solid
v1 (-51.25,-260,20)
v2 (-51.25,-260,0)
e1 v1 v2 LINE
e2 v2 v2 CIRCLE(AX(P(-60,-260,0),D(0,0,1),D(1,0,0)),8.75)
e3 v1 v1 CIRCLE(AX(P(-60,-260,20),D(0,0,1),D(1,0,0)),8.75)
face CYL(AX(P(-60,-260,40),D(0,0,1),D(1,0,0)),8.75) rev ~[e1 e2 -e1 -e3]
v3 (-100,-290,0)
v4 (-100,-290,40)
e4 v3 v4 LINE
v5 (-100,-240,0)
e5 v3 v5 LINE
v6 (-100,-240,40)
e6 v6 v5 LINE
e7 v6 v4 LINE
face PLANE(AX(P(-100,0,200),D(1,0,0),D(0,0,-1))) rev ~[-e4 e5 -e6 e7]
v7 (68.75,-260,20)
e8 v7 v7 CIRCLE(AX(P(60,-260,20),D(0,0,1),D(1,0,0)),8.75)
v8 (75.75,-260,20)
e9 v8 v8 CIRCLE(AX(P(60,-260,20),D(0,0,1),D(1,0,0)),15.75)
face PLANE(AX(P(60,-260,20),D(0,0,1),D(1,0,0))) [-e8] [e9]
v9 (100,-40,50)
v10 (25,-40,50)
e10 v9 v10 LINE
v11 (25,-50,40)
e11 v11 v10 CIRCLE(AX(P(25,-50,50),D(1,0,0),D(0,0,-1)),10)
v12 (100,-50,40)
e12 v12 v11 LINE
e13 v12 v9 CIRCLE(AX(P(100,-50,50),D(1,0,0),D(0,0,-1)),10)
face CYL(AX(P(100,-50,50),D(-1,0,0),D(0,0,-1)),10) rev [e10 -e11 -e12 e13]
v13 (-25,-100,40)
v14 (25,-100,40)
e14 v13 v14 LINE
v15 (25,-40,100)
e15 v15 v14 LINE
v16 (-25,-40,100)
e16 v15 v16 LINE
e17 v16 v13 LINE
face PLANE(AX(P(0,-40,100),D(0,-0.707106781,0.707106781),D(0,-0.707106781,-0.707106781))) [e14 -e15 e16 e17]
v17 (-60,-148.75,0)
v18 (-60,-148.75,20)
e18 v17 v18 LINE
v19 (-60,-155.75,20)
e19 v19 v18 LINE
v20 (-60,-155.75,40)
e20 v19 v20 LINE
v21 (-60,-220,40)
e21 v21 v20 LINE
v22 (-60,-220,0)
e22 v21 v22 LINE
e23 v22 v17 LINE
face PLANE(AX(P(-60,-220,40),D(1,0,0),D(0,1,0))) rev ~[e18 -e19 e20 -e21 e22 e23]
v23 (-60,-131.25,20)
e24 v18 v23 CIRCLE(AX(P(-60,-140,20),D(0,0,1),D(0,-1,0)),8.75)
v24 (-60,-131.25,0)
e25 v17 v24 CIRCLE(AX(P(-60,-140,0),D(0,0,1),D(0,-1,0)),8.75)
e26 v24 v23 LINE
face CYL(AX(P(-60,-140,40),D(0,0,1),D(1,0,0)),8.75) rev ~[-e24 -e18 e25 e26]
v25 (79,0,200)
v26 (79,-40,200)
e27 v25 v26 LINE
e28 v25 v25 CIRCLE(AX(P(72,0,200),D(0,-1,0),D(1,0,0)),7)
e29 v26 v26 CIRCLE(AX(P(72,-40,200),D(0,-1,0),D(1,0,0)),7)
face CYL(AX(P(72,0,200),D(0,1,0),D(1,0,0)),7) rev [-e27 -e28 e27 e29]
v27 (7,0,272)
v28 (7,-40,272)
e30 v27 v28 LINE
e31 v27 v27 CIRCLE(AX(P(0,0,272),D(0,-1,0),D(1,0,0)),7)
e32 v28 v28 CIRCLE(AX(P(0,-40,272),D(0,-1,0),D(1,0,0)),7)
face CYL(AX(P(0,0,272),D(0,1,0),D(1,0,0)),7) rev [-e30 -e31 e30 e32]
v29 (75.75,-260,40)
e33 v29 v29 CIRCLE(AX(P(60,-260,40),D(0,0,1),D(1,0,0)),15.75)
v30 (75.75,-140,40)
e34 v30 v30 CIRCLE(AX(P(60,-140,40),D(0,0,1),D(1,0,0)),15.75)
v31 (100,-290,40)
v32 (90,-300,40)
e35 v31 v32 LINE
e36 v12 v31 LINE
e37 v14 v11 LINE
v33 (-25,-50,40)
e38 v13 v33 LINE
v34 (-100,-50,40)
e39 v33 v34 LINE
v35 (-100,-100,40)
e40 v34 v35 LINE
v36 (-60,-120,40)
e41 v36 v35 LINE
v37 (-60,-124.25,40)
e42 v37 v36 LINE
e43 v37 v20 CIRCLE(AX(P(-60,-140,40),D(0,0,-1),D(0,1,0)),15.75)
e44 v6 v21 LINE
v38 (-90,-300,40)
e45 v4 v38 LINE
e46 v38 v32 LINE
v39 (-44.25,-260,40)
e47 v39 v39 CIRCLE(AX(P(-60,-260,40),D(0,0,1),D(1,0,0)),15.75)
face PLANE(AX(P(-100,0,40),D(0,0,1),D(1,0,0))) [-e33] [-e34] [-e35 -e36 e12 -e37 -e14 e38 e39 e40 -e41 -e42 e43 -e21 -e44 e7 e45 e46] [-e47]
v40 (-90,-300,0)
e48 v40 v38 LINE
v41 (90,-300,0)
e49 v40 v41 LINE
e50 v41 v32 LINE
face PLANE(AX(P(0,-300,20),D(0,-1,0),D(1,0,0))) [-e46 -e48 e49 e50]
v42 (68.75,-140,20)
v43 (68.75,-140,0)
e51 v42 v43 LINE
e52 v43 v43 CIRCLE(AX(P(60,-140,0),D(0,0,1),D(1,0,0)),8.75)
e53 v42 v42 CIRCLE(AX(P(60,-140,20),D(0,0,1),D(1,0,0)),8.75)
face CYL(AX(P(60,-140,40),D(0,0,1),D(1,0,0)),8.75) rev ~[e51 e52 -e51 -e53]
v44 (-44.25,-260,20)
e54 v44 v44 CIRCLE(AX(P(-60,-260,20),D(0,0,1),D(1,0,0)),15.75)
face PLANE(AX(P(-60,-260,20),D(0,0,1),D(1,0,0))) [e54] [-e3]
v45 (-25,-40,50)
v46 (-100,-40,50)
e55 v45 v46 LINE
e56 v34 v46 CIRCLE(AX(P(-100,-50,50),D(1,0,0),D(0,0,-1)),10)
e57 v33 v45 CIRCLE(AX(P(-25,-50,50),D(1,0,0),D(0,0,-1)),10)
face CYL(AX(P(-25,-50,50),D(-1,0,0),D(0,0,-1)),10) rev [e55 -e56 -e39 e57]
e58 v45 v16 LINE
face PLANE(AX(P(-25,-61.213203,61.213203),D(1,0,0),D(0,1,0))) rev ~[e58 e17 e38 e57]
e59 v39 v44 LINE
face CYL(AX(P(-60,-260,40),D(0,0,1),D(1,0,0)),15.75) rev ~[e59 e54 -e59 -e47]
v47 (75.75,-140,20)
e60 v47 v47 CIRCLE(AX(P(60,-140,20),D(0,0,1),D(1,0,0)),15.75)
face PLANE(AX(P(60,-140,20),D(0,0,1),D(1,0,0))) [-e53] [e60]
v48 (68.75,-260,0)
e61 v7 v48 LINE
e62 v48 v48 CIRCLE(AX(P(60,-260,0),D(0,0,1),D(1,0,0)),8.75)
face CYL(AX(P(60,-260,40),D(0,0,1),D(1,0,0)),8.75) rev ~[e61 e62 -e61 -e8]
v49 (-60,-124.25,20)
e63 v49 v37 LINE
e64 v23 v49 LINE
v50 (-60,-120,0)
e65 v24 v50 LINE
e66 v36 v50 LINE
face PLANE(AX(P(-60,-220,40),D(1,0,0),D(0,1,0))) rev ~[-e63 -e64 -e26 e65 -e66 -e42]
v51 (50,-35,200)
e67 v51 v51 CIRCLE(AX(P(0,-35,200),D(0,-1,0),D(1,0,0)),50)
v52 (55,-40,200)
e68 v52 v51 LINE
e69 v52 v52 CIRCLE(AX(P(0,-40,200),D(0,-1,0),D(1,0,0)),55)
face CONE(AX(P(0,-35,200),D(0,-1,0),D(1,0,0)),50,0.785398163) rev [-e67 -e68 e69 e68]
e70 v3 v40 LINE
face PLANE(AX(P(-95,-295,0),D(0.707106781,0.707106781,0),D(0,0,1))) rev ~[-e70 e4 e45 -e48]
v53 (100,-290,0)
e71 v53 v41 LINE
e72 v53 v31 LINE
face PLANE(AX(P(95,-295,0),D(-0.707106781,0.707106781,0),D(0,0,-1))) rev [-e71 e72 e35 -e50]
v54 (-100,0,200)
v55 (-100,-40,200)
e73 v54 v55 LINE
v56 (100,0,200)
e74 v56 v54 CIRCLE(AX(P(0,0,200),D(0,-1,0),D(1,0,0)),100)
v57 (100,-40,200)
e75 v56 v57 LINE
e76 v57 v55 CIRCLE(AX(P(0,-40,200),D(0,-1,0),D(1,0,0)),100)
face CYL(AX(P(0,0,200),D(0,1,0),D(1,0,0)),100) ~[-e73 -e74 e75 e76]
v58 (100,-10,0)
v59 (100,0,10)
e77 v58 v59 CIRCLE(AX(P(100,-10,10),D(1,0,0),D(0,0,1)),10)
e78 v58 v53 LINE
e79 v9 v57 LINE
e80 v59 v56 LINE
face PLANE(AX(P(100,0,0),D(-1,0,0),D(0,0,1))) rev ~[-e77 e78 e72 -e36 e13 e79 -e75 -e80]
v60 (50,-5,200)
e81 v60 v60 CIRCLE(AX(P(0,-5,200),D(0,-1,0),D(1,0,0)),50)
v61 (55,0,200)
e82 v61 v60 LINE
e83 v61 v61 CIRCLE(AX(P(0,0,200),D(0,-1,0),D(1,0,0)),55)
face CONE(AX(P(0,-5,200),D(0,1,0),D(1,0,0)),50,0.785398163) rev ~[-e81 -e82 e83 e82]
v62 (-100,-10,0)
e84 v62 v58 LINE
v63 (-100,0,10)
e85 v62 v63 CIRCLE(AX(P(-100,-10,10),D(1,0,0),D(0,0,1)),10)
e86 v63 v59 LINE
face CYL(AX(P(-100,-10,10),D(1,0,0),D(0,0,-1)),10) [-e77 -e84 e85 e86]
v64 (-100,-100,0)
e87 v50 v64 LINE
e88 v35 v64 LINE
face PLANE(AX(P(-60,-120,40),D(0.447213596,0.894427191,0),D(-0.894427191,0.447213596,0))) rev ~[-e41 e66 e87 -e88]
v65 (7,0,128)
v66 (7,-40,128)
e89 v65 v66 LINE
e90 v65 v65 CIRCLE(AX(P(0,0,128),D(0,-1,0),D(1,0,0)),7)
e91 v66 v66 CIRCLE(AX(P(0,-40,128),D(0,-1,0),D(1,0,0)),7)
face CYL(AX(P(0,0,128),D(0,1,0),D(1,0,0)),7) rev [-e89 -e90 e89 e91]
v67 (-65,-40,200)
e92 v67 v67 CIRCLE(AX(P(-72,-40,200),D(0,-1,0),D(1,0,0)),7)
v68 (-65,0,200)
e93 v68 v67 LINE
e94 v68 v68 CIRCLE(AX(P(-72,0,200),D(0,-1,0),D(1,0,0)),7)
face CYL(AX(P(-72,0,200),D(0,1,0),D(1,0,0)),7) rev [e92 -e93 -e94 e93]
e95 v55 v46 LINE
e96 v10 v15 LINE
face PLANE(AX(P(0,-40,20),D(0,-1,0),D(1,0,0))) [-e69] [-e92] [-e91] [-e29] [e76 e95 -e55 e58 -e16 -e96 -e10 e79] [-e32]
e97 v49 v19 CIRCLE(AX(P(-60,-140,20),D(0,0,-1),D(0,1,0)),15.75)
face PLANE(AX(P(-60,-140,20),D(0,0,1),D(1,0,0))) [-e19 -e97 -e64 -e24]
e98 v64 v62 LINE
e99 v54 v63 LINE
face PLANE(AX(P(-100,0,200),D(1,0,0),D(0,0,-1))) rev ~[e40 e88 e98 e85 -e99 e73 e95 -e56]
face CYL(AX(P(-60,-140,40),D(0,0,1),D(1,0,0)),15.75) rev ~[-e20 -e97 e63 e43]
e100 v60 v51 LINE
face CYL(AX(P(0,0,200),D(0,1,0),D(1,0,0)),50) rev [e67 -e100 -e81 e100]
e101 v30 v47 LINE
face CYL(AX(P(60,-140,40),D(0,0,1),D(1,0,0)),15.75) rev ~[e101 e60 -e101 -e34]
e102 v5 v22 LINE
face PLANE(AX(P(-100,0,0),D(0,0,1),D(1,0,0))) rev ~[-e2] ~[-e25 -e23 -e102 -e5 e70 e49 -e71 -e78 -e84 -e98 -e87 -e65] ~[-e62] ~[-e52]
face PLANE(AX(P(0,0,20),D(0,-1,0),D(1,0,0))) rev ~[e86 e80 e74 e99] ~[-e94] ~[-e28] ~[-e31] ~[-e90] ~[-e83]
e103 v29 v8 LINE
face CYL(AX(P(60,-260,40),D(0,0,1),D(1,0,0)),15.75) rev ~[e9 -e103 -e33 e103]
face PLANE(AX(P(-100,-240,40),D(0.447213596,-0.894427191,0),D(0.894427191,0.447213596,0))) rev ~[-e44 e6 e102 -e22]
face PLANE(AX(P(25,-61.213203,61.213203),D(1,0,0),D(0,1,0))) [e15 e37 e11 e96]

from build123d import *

# Parameters (mm, degrees)
F0_W      = 200
F0_H      = 40
F0_R      = 7
F0_R_2    = 50
F1_DEPTH  = 40
F2_DEPTH  = 300
F3_SIZE   = 5
F4_R      = 8.75
F5_DEPTH  = 40.001
F4_R_2    = 15.75
F6_DEPTH  = 20
F7_SIZE   = 10
F8_R      = 10
F10_DEPTH = 25
F13_DEPTH = 40.001
F14_R     = 10


with BuildPart() as f1:
    # F0 (on Front) → F1 (new body)
    with BuildSketch(Plane.XZ):
        with Locations((0, 20)):
            Rectangle(F0_W, F0_H)
        with BuildLine():
            Line((-100, 200), (-100, 40))
            Line((-100, 40), (100, 40))
            Line((100, 40), (100, 200))
            ThreePointArc((100, 200), (0, 300), (-100, 200))
        make_face()
        with Locations((0, 128)):
            Circle(F0_R, mode=Mode.SUBTRACT)
        with Locations((-72, 200)):
            Circle(F0_R, mode=Mode.SUBTRACT)
        with Locations((0, 200)):
            Circle(F0_R_2, mode=Mode.SUBTRACT)
        with Locations((72, 200)):
            Circle(F0_R, mode=Mode.SUBTRACT)
        with Locations((0, 272)):
            Circle(F0_R, mode=Mode.SUBTRACT)
    extrude(amount=F1_DEPTH)

    # F0 (on Front) → F2 (join)
    with BuildSketch(Plane.XZ):
        with Locations((0, 20)):
            Rectangle(F0_W, F0_H)
    extrude(amount=F2_DEPTH)

    # F3
    f3_edges = [f1.edges().sort_by_distance(p)[0] for p in [
        (-50, -40, 200),
        (-50, 0, 200),
    ]]
    chamfer(f3_edges, length=F3_SIZE)

    # F4 (on face) → F5 (cut, through all)
    with BuildSketch(Plane.XY.offset(40)):
        with Locations((60, -140)):
            Circle(F4_R)
        with Locations((-60, -140)):
            Circle(F4_R)
        with Locations((60, -260)):
            Circle(F4_R)
        with Locations((-60, -260)):
            Circle(F4_R)
    extrude(amount=-F5_DEPTH, mode=Mode.SUBTRACT)

    # F4 (on face) → F6 (cut)
    with BuildSketch(Plane.XY.offset(40)):
        with Locations((-60, -140)):
            Circle(F4_R_2)
        with Locations((-60, -140)):
            Circle(F4_R, mode=Mode.SUBTRACT)
        with Locations((60, -140)):
            Circle(F4_R_2)
        with Locations((60, -140)):
            Circle(F4_R, mode=Mode.SUBTRACT)
        with Locations((60, -260)):
            Circle(F4_R_2)
        with Locations((60, -260)):
            Circle(F4_R, mode=Mode.SUBTRACT)
        with Locations((-60, -260)):
            Circle(F4_R_2)
        with Locations((-60, -260)):
            Circle(F4_R, mode=Mode.SUBTRACT)
    extrude(amount=-F6_DEPTH, mode=Mode.SUBTRACT)

    # F7
    f7_edges = [f1.edges().sort_by_distance(p)[0] for p in [
        (-100, -300, 20),
        (100, -300, 20),
    ]]
    chamfer(f7_edges, length=F7_SIZE)

    # F8
    f8_edges = [f1.edges().sort_by_distance(p)[0] for p in [
        (0, 0, 0),
    ]]
    fillet(f8_edges, radius=F8_R)

    # F9 (on Right) → F10 (join, symmetric)
    with BuildSketch(Plane.YZ):
        Polygon((-40, 100), (-100, 40), (-40, 40), align=None)
    extrude(amount=F10_DEPTH, both=True)

    # F12 (on offset) → F13 (cut, through all)
    with BuildSketch(Plane.XY.offset(40)):
        Polygon((-100, -100), (-100, -240), (-60, -220), (-60, -120), align=None)
    extrude(amount=-F13_DEPTH, mode=Mode.SUBTRACT)

    # F14
    f14_edges = [f1.edges().sort_by_distance(p)[0] for p in [
        (62.5, -40, 40),
        (-62.5, -40, 40),
    ]]
    fillet(f14_edges, radius=F14_R)


solid = f1.part
